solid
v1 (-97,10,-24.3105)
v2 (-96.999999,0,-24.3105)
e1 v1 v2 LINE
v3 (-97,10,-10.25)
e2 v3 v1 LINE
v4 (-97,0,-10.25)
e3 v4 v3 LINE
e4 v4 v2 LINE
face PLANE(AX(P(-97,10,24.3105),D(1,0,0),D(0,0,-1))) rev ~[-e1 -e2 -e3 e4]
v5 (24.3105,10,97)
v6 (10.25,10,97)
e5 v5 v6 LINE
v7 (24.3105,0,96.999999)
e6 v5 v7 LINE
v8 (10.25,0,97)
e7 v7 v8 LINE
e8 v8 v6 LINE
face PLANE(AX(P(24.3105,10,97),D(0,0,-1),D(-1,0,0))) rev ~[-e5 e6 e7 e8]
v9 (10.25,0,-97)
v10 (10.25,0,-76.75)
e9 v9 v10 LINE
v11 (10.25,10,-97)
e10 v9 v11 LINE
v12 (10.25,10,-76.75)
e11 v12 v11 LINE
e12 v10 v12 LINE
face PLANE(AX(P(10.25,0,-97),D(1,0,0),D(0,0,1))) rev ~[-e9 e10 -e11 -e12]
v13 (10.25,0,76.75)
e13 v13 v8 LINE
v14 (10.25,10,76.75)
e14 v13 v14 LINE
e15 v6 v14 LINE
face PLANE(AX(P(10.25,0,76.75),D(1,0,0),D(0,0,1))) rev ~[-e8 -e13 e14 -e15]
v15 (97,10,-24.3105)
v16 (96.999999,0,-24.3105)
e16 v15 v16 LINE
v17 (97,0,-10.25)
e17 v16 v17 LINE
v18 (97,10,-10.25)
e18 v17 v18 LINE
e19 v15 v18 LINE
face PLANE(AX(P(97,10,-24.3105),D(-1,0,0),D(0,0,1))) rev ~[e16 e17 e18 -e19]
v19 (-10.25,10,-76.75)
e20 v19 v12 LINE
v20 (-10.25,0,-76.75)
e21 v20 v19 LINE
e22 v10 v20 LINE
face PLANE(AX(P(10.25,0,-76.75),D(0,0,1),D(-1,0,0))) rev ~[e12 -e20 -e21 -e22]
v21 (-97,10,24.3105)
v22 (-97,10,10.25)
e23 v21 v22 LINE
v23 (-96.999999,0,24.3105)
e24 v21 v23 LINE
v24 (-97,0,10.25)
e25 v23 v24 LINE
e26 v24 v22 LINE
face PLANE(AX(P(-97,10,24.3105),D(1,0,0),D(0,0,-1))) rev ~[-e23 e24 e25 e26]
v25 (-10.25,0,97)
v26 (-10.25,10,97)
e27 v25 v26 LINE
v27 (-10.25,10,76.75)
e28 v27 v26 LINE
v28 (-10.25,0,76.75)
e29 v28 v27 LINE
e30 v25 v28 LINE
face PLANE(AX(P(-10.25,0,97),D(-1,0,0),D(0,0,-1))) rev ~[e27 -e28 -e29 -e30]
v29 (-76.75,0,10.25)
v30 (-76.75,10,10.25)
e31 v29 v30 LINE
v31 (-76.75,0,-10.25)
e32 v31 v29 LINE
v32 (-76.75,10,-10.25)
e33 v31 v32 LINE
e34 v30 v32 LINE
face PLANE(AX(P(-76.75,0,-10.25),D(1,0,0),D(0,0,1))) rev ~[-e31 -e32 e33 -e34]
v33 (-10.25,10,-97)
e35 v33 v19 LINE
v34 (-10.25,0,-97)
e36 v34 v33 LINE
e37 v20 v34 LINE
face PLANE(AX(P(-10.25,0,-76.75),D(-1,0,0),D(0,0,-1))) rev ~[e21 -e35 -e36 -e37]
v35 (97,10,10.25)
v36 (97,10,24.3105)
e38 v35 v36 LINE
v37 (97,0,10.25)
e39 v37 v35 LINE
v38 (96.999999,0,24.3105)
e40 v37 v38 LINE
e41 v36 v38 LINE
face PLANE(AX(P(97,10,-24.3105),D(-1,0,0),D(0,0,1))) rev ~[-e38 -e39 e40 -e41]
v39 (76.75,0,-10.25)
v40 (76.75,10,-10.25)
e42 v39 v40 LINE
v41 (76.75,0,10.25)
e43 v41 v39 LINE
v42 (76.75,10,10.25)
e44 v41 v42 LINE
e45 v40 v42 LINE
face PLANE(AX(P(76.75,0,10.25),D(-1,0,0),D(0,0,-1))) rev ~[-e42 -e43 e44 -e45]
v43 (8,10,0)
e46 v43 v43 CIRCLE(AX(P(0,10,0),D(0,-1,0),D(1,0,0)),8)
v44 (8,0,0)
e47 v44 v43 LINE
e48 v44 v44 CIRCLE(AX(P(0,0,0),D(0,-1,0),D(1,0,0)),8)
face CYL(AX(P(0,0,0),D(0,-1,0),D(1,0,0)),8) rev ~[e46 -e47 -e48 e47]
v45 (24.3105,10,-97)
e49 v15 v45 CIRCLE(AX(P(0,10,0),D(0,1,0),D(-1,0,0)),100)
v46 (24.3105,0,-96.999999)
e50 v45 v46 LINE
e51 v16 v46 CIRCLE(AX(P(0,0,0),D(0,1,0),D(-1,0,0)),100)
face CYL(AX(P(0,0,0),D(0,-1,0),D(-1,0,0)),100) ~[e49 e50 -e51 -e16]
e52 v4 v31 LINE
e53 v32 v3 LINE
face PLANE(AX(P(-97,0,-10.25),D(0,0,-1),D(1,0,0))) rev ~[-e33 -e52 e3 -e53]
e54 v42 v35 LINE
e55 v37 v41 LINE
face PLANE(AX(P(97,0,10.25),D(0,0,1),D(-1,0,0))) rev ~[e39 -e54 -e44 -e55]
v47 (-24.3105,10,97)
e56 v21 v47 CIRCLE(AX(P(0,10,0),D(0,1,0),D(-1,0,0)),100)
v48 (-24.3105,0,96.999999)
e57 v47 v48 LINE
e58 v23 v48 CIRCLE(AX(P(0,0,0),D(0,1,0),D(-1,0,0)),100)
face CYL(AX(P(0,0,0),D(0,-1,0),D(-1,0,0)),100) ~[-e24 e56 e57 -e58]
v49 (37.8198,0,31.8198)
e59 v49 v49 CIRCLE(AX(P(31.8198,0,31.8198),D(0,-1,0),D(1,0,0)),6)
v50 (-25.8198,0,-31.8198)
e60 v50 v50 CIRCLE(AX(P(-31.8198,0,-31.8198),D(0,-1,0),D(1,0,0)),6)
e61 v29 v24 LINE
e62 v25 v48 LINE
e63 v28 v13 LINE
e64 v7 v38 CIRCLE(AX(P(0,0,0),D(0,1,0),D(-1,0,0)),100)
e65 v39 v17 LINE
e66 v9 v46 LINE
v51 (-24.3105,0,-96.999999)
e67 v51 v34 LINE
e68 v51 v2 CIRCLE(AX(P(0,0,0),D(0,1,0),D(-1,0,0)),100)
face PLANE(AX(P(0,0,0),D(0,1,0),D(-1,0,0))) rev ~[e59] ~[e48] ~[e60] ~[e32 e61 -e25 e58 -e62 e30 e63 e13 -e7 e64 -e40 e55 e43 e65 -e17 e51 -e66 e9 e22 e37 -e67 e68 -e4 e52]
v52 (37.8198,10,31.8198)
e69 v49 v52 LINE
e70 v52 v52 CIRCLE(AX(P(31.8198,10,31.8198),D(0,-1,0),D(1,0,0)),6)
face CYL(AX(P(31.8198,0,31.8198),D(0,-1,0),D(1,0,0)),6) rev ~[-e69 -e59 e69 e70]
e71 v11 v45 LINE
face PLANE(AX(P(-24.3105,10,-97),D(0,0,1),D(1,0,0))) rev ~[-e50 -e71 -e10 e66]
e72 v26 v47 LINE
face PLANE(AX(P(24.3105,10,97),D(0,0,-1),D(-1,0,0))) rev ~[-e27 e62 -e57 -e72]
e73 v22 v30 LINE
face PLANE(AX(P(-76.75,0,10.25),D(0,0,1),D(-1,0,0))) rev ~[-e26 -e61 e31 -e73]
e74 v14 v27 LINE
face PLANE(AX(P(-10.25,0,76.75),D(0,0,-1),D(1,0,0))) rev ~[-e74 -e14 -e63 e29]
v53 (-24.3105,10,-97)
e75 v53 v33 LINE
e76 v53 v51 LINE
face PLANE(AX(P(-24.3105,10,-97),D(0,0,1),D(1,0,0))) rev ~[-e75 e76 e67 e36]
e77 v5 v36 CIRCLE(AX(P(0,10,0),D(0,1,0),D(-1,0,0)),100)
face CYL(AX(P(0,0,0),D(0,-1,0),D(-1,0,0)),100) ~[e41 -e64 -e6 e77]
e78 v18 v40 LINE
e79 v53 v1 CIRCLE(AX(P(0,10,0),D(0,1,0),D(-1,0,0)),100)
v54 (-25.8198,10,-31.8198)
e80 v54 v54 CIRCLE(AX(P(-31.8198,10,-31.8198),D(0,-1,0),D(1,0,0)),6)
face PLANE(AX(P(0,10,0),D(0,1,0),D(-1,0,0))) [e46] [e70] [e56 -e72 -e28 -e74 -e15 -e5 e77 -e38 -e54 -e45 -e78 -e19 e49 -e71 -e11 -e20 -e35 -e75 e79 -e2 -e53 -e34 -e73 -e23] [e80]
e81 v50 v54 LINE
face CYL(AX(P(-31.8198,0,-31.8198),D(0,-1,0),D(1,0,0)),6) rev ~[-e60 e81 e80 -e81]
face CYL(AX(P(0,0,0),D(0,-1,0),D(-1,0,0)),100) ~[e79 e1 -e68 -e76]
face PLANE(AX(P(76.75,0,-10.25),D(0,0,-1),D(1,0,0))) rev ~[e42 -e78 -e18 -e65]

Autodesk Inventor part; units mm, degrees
ref_plane "YZ Plane" through (0, 0, 0) normal (1, 0, 0) x (0, 1, 0)
ref_plane "XZ Plane" through (0, 0, 0) normal (0, 1, 0) x (-1, 0, 0)
ref_plane "XY Plane" through (0, 0, 0) normal (0, 0, 1) x (1, 0, 0)
sketch "Skizze1" plane through (0, 0, 0) normal (0, 1, 0) x (-1, 0, 0)
  circle A0 centre (0, 0) radius 100
  dimension "d0" = 200
extrude "Extrusion1" add sketch "Skizze1" along normal blind 10
sketch "Skizze2" plane through (0, 10, 0) normal (0, 1, 0) x (1, 0, 0)
  circle A0 centre (0, 0) radius 100 projected
  circle A1 centre (-87, 0) radius 3.1
  dimension "d3" = 6.2
  dimension "d4" = 87
  dimension "d5" = 200
extrude "Extrusion2" cut sketch "Skizze2" against normal through all contours A1
chamfer "Fasen1" distance 3 angle 45 1 edges at (-90.1, 0, 0)
sketch "Skizze3" plane through (0, 10, 0) normal (0, 1, 0) x (1, 0, 0)
  circle A0 centre (-87, 0) radius 3.1 projected
  circle A1 centre (0, 0) radius 100 projected
  line L0 (-97, -24.3105) -> (-97, 24.3105)
  circle A2 centre (0, 0) radius 100 projected
  point P0 (-97, -24.3105)
  dimension "d11" = 10
extrude "Extrusion3" cut sketch "Skizze3" against normal through all contours L0 A1 picked at (-97.7491, 4.0825)
pattern_circular "Runde Anordnung3" count 4 over 360 about axis through (0, -10, 0) along (0, 1, 0) of "Extrusion2", "Fasen1"
pattern_circular "Runde Anordnung4" count 4 over 360 about axis through (0, -10, 0) along (0, 1, 0) of "Extrusion3"
sketch "Skizze4" plane through (0, 0, 0) normal (0, -1, 0) x (1, 0, 0)
  circle A0 centre (0, 0) radius 8
  dimension "d26" = 16
extrude "Extrusion4" cut sketch "Skizze4" against normal through all
sketch "Skizze5" plane through (0, 0, 0) normal (0, -1, 0) x (1, 0, 0)
  circle A0 centre (0, 0) radius 8 projected
  circle A1 centre (0, -87) radius 6.1 projected
  circle A2 centre (0, 87) radius 6.1 projected
  line L0 (-24.3105, -97) -> (24.3105, -97) projected
  arc A3 (24.3105, -97) -> (97, -24.3105) centre (0, 0) ccw projected
  line L1 (97, -24.3105) -> (97, 24.3105) projected
  arc A4 (97, 24.3105) -> (24.3105, 97) centre (0, 0) ccw projected
  line L2 (24.3105, 97) -> (-24.3105, 97) projected
  arc A5 (-24.3105, 97) -> (-97, 24.3105) centre (0, 0) ccw projected
  line L3 (-97, 24.3105) -> (-97, -24.3105) projected
  arc A6 (-97, -24.3105) -> (-24.3105, -97) centre (0, 0) ccw projected
  circle A7 centre (-87, 0) radius 6.1 projected
  circle A8 centre (87, 0) radius 6.1 projected
  line L4 (-10.25, 76.75) -> (10.25, 76.75)
  line L5 (10.25, 76.75) -> (10.25, 97.25)
  line L6 (10.25, 97.25) -> (-10.25, 97.25)
  line L7 (-10.25, 97.25) -> (-10.25, 76.75)
  line L8 (-10.25, 76.75) -> (10.25, 97.25) construction
  line L9 (10.25, 76.75) -> (-10.25, 97.25) construction
  point P0 (10.25, 97)
  point P1 (-10.25, 97)
  dimension "d29" = 20.5
  dimension "d30" = 20.5
extrude "Extrusion5" cut sketch "Skizze5" against normal through all contours A2 | L2 L5 L4 L7
pattern_circular "Runde Anordnung5" count 4 over 360 about axis through (0, 0, 0) along (0, 1, 0) of "Extrusion5"
sketch "Skizze6" plane through (0, 0, 0) normal (0, -1, 0) x (1, 0, 0)
  line L0 (0, 0) -> (51.2757, 51.2757) construction
  circle A0 centre (0, 0) radius 8 projected
  line L1 (0, 0) -> (0, 40.1538) construction
  circle A1 centre (31.8198, 31.8198) radius 6
  line L2 (0, 0) -> (-46.8461, -46.8461) construction
  circle A2 centre (-31.8198, -31.8198) radius 6
  dimension "d36" = 45
  dimension "d37" = 12
  dimension "d38" = 45
  dimension "d39" = 12
  dimension "d40" = 45
extrude "Extrusion6" cut sketch "Skizze6" against normal through all contours A1 | A2
properties part number "plate_lower"
